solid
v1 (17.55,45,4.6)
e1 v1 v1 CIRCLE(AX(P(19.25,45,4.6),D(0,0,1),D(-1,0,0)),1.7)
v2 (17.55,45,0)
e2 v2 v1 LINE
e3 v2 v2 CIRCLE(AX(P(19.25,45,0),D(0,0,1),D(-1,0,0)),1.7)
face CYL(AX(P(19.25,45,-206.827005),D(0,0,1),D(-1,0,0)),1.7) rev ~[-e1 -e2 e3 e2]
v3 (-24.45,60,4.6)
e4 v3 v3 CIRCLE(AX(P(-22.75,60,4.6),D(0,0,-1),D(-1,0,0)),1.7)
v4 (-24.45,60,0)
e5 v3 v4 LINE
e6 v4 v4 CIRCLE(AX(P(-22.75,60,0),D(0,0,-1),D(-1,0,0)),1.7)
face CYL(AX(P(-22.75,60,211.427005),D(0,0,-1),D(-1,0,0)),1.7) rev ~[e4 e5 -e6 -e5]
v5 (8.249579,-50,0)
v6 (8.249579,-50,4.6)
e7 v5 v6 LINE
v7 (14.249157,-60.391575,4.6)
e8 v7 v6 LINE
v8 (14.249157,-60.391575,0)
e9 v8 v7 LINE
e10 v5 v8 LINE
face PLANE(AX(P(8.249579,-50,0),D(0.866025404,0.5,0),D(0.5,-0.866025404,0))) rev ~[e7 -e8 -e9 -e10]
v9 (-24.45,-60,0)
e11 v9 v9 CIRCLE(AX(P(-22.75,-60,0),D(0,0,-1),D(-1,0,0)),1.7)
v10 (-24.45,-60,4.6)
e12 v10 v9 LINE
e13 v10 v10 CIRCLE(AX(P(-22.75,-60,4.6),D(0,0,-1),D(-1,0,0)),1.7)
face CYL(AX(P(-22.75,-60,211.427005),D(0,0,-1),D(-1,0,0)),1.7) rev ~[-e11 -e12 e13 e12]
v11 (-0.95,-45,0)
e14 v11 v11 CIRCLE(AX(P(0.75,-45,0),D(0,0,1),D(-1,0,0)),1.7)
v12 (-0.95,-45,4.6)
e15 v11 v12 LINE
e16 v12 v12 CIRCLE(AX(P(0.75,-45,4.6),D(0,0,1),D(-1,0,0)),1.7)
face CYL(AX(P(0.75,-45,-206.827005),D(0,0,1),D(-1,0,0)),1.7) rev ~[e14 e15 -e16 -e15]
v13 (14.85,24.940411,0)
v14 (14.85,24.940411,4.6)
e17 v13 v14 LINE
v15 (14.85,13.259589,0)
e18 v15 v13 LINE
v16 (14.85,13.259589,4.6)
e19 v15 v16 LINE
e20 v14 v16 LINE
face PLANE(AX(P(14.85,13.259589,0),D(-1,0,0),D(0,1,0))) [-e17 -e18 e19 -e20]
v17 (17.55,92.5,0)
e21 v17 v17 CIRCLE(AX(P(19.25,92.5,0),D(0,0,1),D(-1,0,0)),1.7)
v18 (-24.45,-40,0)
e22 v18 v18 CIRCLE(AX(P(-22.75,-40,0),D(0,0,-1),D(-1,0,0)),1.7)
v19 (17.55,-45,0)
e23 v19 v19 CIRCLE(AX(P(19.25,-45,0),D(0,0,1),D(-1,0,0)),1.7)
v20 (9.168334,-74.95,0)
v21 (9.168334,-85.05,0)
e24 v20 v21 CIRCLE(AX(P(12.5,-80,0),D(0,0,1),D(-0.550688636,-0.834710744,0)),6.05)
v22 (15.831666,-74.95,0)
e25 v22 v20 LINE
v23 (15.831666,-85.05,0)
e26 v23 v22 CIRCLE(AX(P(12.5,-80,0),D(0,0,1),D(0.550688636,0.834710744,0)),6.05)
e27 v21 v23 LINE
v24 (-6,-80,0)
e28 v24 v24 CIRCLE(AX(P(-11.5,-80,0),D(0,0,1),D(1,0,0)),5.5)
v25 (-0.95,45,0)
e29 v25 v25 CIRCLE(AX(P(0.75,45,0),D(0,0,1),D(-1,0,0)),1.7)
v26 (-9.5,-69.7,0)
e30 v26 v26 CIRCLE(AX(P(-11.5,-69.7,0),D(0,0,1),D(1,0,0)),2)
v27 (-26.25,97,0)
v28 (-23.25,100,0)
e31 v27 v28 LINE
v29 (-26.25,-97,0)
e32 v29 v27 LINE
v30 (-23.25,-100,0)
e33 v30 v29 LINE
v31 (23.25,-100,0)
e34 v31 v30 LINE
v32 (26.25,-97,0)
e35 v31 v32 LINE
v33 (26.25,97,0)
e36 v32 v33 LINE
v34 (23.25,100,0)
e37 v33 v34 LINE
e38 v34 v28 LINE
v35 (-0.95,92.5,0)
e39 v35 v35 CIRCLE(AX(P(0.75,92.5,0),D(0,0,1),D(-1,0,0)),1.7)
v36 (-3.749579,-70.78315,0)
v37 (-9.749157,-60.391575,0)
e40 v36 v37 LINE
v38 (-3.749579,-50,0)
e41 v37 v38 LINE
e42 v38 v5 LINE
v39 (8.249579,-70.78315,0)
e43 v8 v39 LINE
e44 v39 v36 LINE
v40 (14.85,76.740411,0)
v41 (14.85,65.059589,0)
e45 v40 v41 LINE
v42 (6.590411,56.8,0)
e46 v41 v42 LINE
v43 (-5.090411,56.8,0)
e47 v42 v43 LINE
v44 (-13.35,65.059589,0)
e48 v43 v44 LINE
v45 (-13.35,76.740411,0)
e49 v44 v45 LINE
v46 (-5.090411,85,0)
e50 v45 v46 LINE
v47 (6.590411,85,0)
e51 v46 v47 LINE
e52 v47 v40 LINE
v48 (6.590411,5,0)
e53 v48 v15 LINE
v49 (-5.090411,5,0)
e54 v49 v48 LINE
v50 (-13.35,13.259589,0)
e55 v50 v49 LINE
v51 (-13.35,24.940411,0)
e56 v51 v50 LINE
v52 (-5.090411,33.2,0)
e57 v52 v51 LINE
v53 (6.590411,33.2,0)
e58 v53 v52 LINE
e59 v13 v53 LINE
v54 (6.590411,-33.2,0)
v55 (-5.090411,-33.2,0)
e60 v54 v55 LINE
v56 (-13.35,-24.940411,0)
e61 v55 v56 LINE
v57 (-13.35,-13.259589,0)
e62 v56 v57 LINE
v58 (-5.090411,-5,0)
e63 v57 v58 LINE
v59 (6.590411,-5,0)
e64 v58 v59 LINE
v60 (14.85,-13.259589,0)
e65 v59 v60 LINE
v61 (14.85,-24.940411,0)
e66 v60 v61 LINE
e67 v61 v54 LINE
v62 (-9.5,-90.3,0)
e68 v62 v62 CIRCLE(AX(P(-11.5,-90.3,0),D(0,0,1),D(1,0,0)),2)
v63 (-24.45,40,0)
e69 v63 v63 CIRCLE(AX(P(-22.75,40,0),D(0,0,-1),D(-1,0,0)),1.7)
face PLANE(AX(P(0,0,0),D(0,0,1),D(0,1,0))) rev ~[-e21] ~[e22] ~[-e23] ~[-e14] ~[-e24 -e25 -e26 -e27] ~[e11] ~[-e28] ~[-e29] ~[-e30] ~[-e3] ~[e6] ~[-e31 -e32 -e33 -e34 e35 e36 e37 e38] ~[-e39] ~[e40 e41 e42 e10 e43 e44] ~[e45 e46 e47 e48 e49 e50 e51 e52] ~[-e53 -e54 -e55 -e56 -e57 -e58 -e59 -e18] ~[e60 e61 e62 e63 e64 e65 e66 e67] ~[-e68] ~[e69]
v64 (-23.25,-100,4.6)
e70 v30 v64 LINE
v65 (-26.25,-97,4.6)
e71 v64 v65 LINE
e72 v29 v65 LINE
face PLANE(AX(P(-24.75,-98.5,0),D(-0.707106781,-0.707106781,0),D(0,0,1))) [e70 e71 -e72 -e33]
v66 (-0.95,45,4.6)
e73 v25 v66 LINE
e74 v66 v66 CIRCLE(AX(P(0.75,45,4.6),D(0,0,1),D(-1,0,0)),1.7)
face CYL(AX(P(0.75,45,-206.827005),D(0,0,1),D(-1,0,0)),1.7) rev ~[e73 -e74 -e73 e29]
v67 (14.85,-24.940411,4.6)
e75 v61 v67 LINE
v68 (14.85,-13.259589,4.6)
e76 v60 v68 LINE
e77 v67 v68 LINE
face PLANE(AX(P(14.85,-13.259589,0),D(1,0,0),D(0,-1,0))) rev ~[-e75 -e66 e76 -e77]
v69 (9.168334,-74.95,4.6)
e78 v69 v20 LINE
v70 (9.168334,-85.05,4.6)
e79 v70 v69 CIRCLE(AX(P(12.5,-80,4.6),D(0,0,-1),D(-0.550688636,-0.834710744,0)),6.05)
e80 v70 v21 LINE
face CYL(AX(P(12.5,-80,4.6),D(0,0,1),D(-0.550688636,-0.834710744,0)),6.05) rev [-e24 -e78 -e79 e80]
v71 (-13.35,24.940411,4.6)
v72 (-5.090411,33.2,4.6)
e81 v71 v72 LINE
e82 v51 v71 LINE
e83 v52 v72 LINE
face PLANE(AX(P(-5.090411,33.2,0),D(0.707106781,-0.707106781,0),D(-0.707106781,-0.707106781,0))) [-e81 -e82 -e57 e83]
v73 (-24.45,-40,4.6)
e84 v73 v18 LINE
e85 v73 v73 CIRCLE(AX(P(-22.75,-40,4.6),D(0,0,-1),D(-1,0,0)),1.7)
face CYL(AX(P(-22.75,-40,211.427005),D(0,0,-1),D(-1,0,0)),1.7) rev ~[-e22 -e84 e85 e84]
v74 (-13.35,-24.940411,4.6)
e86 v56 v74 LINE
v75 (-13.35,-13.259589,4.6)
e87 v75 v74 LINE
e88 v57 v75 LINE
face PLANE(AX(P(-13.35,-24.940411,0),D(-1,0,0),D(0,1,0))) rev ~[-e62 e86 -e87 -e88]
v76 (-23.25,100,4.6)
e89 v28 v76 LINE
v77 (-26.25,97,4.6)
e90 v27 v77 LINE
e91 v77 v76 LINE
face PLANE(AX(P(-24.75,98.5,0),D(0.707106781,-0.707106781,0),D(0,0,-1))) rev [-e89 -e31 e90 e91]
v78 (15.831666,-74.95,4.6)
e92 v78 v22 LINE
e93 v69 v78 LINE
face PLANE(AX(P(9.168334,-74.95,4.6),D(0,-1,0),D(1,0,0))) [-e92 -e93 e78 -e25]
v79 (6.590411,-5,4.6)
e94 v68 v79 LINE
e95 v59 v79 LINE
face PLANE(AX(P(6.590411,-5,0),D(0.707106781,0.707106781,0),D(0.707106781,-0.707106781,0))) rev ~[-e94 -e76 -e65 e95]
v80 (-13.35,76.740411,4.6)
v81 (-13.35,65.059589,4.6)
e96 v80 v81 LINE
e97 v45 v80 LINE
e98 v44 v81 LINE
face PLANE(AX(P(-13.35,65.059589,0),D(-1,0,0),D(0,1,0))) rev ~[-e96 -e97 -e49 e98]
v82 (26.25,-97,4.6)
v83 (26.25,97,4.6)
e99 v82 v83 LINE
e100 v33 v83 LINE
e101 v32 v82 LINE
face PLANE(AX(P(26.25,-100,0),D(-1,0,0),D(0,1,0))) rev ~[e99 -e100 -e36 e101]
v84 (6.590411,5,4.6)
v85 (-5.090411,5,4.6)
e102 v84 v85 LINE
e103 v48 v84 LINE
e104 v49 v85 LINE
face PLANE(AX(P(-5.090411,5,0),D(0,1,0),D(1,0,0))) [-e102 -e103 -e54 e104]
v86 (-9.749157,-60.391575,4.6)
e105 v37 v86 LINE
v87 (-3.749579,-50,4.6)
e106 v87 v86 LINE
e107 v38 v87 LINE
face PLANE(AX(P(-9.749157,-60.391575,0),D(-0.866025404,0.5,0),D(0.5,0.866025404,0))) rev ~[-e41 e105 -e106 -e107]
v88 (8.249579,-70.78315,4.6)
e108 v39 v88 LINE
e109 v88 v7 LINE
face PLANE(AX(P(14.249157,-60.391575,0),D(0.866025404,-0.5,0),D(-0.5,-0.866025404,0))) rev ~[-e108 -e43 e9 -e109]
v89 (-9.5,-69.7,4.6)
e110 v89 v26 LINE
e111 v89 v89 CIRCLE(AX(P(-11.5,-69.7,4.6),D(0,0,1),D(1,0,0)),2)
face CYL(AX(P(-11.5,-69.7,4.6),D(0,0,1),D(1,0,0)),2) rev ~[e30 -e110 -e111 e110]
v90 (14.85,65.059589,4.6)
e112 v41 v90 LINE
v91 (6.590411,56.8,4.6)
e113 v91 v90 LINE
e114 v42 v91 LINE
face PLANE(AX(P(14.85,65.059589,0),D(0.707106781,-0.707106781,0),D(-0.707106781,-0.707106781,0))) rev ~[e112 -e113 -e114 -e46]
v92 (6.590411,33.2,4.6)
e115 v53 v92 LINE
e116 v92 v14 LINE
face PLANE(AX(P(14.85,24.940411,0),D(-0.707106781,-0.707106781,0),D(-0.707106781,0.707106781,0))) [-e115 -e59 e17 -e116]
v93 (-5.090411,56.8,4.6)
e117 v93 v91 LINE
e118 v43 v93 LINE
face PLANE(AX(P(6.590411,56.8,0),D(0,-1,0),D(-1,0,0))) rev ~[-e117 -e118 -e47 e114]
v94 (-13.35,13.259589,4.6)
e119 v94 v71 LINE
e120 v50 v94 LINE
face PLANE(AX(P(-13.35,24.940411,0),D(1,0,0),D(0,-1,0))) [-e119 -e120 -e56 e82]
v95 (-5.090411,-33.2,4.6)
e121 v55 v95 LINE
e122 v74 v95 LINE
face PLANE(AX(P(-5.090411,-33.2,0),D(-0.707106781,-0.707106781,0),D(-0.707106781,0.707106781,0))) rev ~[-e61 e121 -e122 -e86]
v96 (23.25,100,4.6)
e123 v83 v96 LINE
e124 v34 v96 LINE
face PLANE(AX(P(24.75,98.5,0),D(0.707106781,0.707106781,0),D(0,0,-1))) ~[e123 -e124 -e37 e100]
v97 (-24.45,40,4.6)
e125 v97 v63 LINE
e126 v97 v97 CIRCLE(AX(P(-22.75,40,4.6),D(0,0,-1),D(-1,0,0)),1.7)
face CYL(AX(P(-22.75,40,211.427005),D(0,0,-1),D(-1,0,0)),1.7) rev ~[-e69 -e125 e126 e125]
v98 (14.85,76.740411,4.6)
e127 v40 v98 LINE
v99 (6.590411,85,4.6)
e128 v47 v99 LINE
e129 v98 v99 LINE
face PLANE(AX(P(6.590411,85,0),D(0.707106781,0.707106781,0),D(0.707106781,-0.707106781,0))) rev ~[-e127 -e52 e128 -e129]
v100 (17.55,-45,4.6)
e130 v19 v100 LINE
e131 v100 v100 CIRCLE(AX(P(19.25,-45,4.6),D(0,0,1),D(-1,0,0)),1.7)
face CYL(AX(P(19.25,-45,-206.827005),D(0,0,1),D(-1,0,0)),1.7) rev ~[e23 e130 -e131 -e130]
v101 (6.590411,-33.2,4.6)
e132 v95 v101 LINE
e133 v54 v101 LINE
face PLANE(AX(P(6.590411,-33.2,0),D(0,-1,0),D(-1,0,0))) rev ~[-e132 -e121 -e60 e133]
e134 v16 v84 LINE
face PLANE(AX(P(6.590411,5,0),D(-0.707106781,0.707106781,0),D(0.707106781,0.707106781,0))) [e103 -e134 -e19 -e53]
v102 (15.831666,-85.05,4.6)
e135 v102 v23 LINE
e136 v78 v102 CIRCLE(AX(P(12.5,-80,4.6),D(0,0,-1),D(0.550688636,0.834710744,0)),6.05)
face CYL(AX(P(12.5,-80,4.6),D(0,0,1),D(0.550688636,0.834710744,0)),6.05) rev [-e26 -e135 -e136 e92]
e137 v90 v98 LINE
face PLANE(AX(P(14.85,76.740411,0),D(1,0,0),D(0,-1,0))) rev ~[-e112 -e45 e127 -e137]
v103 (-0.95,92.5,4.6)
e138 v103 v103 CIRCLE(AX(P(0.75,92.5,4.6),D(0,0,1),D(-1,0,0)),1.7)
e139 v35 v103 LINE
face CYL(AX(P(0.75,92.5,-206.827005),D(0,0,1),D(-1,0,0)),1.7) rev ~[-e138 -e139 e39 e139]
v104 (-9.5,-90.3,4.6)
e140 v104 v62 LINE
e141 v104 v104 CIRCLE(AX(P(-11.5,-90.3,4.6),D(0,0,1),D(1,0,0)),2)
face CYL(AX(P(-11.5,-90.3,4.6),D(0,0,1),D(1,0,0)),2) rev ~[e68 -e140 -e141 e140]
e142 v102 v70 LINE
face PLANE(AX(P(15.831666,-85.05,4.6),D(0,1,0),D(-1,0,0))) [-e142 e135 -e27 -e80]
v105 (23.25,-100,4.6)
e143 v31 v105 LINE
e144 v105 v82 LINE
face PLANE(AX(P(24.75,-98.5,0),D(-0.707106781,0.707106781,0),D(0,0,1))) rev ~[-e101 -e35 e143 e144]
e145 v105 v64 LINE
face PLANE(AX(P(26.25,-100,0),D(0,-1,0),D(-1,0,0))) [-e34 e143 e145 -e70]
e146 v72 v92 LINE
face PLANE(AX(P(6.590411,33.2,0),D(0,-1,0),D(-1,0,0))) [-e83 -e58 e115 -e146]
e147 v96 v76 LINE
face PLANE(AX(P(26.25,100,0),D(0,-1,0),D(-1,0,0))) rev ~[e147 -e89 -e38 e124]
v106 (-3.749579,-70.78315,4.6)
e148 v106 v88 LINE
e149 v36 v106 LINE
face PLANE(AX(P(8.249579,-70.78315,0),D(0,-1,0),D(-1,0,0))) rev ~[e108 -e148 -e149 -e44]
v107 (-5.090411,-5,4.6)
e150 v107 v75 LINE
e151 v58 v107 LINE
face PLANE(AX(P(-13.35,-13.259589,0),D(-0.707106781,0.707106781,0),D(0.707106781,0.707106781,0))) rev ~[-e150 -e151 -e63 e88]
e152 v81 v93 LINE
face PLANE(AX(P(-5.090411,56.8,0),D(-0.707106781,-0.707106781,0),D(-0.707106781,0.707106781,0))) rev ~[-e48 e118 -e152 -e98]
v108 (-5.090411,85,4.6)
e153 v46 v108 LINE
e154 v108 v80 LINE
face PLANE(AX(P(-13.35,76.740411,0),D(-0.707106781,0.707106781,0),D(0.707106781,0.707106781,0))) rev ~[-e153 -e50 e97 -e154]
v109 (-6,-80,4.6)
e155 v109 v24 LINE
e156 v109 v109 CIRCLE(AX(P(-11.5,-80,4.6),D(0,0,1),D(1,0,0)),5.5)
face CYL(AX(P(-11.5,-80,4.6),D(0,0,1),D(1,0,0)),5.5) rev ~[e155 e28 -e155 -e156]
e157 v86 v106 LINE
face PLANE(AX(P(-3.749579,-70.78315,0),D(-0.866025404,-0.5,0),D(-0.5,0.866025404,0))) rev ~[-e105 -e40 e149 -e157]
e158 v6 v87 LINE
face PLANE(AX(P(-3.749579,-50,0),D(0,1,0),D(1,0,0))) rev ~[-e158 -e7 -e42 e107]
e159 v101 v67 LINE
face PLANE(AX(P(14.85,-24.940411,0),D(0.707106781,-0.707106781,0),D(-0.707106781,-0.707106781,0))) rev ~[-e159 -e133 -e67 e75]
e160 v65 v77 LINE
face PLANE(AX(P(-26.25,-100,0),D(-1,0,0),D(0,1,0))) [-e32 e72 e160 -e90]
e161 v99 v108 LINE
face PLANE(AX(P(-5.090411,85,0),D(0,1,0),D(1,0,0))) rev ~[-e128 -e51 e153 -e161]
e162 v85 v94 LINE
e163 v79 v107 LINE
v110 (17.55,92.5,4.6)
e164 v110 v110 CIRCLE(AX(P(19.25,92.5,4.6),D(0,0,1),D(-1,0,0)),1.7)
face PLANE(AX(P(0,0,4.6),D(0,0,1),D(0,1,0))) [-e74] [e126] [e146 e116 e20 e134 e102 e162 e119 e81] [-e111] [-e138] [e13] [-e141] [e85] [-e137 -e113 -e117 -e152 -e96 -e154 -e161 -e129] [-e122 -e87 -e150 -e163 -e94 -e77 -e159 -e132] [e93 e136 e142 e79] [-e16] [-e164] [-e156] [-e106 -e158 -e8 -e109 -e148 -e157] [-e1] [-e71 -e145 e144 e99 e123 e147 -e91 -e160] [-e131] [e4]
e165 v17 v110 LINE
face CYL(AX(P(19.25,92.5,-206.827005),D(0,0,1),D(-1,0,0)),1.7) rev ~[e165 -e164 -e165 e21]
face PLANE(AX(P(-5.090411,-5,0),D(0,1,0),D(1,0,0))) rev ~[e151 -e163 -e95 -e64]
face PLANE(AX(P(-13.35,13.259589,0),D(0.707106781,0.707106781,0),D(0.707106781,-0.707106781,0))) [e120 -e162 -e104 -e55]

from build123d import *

# Parameters (mm, degrees)
CROQUIS1_W                   = 200
CROQUIS1_H                   = 52.5
SALIENTE_EXTRUIR1_DEPTH      = 4.6
CORTAR_EXTRUIR1_REACH        = 105.49
CORTAR_EXTRUIR2_REACH        = 105.49
CROQUIS3_R                   = 5.5
CROQUIS3_R_2                 = 2
TALADRO_DE_MARGEN_PARA_M31_D = 3.4
CHAFL_N1_SIZE                = 3
TALADRO_DE_MARGEN_PARA_M32_D = 3.4
CORTAR_EXTRUIR3_DEPTH        = 10


with BuildPart() as part:
    # Croquis1 → Saliente-Extruir1 (new body)
    with BuildSketch(Plane(origin=(0, 0, 0), x_dir=(0, 1, 0), z_dir=(0, 0, 1))):
        Rectangle(CROQUIS1_W, CROQUIS1_H)
    extrude(amount=SALIENTE_EXTRUIR1_DEPTH)

    # Croquis2 → Cortar-Extruir1 (cut, up to next)
    with BuildSketch(Plane.XY.offset(4.6), mode=Mode.PRIVATE) as cortar_extruir1_sk1:
        with BuildLine():
            Line((9.16833375, -74.95), (15.83166625, -74.95))
            ThreePointArc((15.83166625, -74.95), (18.55, -80), (15.83166625, -85.05))
            Line((15.83166625, -85.05), (9.16833375, -85.05))
            ThreePointArc((9.16833375, -85.05), (6.45, -80), (9.16833375, -74.95))
        make_face()
    cortar_extruir1_tool1 = extrude(cortar_extruir1_sk1.sketch, amount=-CORTAR_EXTRUIR1_REACH, mode=Mode.PRIVATE) & part.part
    add(cortar_extruir1_tool1.solids().sort_by_distance((12.5, -80, 4.6))[0], mode=Mode.SUBTRACT)

    # Croquis3 → Cortar-Extruir2 (cut, up to next)
    with BuildSketch(Plane.XY.offset(4.6), mode=Mode.PRIVATE) as cortar_extruir2_sk1:
        with Locations((-11.5, -80)):
            Circle(CROQUIS3_R)
    cortar_extruir2_tool1 = extrude(cortar_extruir2_sk1.sketch, amount=-CORTAR_EXTRUIR2_REACH, mode=Mode.PRIVATE) & part.part
    # Croquis3 → Cortar-Extruir2 (cut, up to next)
    with BuildSketch(Plane.XY.offset(4.6), mode=Mode.PRIVATE) as cortar_extruir2_sk2:
        with Locations((-11.5, -90.3)):
            Circle(CROQUIS3_R_2)
    cortar_extruir2_tool2 = extrude(cortar_extruir2_sk2.sketch, amount=-CORTAR_EXTRUIR2_REACH, mode=Mode.PRIVATE) & part.part
    # Croquis3 → Cortar-Extruir2 (cut, up to next)
    with BuildSketch(Plane.XY.offset(4.6), mode=Mode.PRIVATE) as cortar_extruir2_sk3:
        with Locations((-11.5, -69.7)):
            Circle(CROQUIS3_R_2)
    cortar_extruir2_tool3 = extrude(cortar_extruir2_sk3.sketch, amount=-CORTAR_EXTRUIR2_REACH, mode=Mode.PRIVATE) & part.part
    add(cortar_extruir2_tool1.solids().sort_by_distance((-11.5, -80, 4.6))[0], mode=Mode.SUBTRACT)
    add(cortar_extruir2_tool2.solids().sort_by_distance((-11.5, -90.3, 4.6))[0], mode=Mode.SUBTRACT)
    add(cortar_extruir2_tool3.solids().sort_by_distance((-11.5, -69.7, 4.6))[0], mode=Mode.SUBTRACT)

    # Taladro de margen para M31 (through all)
    with Locations(Plane(origin=(0, 0, 0), x_dir=(1, 0, 0), z_dir=(0, 0, -1))):
        with Locations((19.25, -45), (19.25, 45), (0.75, 45), (0.75, -45), (19.25, -92.5), (0.75, -92.5)):
            Hole(TALADRO_DE_MARGEN_PARA_M31_D / 2)

    # Chafl_n1
    chafl_n1_edges = [part.edges().sort_by_distance(p)[0] for p in [
        (26.25, 100, 2.3),
        (26.25, -100, 2.3),
        (-26.25, -100, 2.3),
        (-26.25, 100, 2.3),
    ]]
    chamfer(chafl_n1_edges, length=CHAFL_N1_SIZE)

    # Taladro de margen para M32 (through all)
    with Locations(Plane.XY.offset(4.6)):
        with Locations((-22.75, -60), (-22.75, -40), (-22.75, 40), (-22.75, 60)):
            Hole(TALADRO_DE_MARGEN_PARA_M32_D / 2)

    # Croquis8 → Cortar-Extruir3 (cut)
    with BuildSketch(Plane(origin=(0, 0, 0), x_dir=(1, 0, 0), z_dir=(0, 0, -1))):
        Polygon((-5.090411229, 33.2), (-13.35, 24.940411229), (-13.35, 13.259588771), (-5.090411229, 5), (6.590411229, 5), (14.85, 13.259588771), (14.85, 24.940411229), (6.590411229, 33.2), align=None)
        Polygon((6.590411229, -33.2), (-5.090411229, -33.2), (-13.35, -24.940411229), (-13.35, -13.259588771), (-5.090411229, -5), (6.590411229, -5), (14.85, -13.259588771), (14.85, -24.940411229), align=None)
        Polygon((-5.090411229, -56.8), (-13.35, -65.059588771), (-13.35, -76.740411229), (-5.090411229, -85), (6.590411229, -85), (14.85, -76.740411229), (14.85, -65.059588771), (6.590411229, -56.8), align=None)
        Polygon((-3.749578543, 50), (8.249578543, 50), (14.249157087, 60.391574861), (8.249578543, 70.783149723), (-3.749578543, 70.783149723), (-9.749157087, 60.391574861), align=None)
    extrude(amount=-CORTAR_EXTRUIR3_DEPTH, mode=Mode.SUBTRACT)


solid = part.part
